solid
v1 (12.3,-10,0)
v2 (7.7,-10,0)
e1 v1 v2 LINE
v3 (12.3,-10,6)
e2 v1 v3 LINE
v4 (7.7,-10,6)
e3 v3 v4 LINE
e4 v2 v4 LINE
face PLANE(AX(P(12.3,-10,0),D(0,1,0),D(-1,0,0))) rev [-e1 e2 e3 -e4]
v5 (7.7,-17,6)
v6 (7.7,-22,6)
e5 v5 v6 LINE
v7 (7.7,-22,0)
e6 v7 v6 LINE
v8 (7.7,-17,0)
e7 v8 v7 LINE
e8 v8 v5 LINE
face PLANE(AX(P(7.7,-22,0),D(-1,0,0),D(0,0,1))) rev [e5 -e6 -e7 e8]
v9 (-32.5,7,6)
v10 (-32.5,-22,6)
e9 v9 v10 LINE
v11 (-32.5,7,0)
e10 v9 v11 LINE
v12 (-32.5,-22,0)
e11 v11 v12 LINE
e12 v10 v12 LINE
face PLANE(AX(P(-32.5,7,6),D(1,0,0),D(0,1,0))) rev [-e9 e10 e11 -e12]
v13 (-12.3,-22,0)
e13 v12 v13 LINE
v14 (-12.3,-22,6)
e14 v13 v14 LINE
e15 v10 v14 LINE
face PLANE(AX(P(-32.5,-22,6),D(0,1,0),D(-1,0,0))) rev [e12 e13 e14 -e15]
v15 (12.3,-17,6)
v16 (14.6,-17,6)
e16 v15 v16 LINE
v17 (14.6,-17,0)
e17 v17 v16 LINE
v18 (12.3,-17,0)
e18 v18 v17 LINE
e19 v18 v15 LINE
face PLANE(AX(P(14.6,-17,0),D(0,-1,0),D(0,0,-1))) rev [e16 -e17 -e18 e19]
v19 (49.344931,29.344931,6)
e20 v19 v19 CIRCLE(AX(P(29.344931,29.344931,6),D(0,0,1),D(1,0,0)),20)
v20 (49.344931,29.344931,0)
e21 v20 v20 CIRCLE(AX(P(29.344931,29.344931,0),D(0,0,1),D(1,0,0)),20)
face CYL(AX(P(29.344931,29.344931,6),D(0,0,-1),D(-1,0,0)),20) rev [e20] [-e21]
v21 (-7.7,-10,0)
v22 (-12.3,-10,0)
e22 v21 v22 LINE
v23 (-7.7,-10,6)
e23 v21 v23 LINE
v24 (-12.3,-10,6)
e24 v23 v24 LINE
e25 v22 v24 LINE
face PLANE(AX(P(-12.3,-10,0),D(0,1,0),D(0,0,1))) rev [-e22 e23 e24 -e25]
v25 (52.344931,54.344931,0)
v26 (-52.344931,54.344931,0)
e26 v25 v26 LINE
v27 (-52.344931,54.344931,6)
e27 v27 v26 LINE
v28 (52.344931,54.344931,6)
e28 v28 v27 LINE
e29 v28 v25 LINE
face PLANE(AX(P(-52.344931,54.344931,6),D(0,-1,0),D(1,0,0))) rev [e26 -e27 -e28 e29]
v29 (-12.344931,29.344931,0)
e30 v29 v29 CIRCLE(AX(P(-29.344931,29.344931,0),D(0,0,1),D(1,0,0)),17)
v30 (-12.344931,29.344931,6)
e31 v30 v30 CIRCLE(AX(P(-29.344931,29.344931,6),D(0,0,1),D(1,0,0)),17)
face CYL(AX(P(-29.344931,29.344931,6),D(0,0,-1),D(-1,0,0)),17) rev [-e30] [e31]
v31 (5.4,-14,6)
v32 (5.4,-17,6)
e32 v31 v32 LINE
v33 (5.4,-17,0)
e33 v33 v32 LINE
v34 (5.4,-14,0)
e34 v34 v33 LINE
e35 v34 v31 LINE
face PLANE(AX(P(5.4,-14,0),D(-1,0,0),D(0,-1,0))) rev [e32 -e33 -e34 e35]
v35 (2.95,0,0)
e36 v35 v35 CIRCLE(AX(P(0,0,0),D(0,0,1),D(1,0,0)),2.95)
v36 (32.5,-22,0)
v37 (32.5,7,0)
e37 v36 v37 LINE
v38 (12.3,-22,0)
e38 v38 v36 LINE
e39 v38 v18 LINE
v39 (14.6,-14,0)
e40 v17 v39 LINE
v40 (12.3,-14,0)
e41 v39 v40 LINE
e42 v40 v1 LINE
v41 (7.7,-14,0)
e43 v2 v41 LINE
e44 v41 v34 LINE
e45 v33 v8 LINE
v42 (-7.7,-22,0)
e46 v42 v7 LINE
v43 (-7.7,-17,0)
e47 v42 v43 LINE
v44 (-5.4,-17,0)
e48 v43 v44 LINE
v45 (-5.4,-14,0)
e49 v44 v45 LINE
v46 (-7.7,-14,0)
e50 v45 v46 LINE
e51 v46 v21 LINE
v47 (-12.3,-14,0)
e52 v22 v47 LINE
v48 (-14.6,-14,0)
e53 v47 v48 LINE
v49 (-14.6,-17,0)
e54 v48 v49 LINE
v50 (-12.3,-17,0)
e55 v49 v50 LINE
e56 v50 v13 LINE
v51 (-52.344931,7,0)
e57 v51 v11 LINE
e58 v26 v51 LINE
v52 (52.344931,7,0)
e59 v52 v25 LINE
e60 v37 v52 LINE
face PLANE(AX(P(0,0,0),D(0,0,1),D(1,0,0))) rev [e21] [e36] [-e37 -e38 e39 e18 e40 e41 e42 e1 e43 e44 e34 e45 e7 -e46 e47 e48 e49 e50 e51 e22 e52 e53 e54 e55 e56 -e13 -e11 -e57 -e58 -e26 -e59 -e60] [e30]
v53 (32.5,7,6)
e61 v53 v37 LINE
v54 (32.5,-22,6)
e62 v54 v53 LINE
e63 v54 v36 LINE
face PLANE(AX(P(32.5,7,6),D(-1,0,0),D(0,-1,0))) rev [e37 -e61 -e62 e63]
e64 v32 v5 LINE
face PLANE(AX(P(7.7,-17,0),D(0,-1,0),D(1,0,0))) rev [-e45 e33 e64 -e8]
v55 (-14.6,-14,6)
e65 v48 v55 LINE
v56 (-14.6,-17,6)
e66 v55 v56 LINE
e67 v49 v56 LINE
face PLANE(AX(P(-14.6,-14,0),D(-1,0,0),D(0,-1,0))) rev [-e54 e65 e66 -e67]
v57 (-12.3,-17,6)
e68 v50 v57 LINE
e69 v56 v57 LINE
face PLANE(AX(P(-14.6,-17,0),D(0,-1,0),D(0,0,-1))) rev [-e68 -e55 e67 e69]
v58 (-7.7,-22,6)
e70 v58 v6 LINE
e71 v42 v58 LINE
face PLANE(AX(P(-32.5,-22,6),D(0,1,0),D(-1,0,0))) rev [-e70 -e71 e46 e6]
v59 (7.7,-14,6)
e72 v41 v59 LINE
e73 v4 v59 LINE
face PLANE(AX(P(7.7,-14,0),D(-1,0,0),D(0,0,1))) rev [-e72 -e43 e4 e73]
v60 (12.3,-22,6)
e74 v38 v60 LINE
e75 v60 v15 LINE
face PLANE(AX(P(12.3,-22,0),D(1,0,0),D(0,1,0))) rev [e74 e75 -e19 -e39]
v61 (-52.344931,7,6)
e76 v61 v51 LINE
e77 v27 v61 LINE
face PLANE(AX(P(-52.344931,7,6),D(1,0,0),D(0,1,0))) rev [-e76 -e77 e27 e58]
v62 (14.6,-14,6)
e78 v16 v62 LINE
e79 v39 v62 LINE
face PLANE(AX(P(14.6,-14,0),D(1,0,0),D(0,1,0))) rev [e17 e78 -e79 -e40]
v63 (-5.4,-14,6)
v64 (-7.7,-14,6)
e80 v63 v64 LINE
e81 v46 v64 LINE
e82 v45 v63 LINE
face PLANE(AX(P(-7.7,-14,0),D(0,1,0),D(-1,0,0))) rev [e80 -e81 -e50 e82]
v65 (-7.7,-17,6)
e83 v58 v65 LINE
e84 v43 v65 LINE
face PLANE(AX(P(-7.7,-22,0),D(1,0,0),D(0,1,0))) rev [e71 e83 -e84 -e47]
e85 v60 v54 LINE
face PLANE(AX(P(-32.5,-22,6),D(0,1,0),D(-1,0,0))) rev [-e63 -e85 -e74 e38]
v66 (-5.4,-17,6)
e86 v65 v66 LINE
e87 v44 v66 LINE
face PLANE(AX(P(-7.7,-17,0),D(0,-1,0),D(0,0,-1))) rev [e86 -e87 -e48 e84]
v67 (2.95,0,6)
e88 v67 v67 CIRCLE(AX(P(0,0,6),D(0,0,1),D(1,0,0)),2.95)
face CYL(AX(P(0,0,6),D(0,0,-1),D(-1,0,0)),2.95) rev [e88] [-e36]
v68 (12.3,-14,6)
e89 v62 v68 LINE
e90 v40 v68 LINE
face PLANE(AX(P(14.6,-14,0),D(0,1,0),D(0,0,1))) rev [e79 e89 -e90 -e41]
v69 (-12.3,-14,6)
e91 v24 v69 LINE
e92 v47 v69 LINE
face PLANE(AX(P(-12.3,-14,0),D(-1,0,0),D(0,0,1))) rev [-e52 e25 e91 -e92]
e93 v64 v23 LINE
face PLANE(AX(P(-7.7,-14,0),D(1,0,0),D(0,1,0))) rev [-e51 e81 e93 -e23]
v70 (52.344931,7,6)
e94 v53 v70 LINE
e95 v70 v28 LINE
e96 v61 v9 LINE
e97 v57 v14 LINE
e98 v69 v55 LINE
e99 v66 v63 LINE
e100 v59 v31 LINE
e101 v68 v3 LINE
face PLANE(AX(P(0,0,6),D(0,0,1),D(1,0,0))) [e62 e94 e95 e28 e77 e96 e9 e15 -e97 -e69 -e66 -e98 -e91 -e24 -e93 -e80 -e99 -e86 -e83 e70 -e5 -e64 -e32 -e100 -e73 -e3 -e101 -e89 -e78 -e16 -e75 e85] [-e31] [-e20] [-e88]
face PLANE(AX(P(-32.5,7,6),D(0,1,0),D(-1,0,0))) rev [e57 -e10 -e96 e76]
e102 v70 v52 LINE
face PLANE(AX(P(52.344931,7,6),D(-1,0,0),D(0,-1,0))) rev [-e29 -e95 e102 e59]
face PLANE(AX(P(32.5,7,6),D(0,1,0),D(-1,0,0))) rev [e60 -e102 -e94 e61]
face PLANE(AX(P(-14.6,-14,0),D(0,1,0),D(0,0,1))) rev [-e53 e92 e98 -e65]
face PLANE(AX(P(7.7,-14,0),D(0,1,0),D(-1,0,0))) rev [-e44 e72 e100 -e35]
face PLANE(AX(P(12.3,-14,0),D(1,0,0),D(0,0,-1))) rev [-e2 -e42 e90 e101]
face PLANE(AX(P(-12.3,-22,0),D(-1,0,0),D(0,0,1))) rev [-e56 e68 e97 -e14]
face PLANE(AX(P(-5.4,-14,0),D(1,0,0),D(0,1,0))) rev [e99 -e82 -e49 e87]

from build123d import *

# Parameters (mm, degrees)
SKETCH1_R           = 2.95
SKETCH1_R_2         = 17
SKETCH1_R_3         = 20
BOSS_EXTRUDE1_DEPTH = 6
CUT_EXTRUDE2_DEPTH  = 76.692558526


with BuildPart() as part:
    # Sketch1 → Boss-Extrude1 (new body)
    with BuildSketch(Plane.XY):
        Polygon((-32.5, 7), (-32.5, -22), (32.5, -22), (32.5, 7), (52.344931419, 7), (52.344931419, 54.344931419), (-52.344931419, 54.344931419), (-52.344931419, 7), align=None)
        Circle(SKETCH1_R, mode=Mode.SUBTRACT)
        with Locations((-29.344931419, 29.344931419)):
            Circle(SKETCH1_R_2, mode=Mode.SUBTRACT)
        with Locations((29.344931419, 29.344931419)):
            Circle(SKETCH1_R_3, mode=Mode.SUBTRACT)
    extrude(amount=BOSS_EXTRUDE1_DEPTH)

    # Sketch3 → Cut-Extrude2 (cut, through all)
    with BuildSketch(Plane.XY.offset(6)):
        Polygon((-12.3, -22), (-7.7, -22), (-7.7, -17), (-5.4, -17), (-5.4, -14), (-7.7, -14), (-7.7, -10), (-12.3, -10), (-12.3, -14), (-14.6, -14), (-14.6, -17), (-12.3, -17), align=None)
        Polygon((7.7, -14), (7.7, -10), (12.3, -10), (12.3, -14), (14.6, -14), (14.6, -17), (12.3, -17), (12.3, -22), (7.7, -22), (7.7, -17), (5.4, -17), (5.4, -14), align=None)
    extrude(amount=-CUT_EXTRUDE2_DEPTH, mode=Mode.SUBTRACT)


solid = part.part
